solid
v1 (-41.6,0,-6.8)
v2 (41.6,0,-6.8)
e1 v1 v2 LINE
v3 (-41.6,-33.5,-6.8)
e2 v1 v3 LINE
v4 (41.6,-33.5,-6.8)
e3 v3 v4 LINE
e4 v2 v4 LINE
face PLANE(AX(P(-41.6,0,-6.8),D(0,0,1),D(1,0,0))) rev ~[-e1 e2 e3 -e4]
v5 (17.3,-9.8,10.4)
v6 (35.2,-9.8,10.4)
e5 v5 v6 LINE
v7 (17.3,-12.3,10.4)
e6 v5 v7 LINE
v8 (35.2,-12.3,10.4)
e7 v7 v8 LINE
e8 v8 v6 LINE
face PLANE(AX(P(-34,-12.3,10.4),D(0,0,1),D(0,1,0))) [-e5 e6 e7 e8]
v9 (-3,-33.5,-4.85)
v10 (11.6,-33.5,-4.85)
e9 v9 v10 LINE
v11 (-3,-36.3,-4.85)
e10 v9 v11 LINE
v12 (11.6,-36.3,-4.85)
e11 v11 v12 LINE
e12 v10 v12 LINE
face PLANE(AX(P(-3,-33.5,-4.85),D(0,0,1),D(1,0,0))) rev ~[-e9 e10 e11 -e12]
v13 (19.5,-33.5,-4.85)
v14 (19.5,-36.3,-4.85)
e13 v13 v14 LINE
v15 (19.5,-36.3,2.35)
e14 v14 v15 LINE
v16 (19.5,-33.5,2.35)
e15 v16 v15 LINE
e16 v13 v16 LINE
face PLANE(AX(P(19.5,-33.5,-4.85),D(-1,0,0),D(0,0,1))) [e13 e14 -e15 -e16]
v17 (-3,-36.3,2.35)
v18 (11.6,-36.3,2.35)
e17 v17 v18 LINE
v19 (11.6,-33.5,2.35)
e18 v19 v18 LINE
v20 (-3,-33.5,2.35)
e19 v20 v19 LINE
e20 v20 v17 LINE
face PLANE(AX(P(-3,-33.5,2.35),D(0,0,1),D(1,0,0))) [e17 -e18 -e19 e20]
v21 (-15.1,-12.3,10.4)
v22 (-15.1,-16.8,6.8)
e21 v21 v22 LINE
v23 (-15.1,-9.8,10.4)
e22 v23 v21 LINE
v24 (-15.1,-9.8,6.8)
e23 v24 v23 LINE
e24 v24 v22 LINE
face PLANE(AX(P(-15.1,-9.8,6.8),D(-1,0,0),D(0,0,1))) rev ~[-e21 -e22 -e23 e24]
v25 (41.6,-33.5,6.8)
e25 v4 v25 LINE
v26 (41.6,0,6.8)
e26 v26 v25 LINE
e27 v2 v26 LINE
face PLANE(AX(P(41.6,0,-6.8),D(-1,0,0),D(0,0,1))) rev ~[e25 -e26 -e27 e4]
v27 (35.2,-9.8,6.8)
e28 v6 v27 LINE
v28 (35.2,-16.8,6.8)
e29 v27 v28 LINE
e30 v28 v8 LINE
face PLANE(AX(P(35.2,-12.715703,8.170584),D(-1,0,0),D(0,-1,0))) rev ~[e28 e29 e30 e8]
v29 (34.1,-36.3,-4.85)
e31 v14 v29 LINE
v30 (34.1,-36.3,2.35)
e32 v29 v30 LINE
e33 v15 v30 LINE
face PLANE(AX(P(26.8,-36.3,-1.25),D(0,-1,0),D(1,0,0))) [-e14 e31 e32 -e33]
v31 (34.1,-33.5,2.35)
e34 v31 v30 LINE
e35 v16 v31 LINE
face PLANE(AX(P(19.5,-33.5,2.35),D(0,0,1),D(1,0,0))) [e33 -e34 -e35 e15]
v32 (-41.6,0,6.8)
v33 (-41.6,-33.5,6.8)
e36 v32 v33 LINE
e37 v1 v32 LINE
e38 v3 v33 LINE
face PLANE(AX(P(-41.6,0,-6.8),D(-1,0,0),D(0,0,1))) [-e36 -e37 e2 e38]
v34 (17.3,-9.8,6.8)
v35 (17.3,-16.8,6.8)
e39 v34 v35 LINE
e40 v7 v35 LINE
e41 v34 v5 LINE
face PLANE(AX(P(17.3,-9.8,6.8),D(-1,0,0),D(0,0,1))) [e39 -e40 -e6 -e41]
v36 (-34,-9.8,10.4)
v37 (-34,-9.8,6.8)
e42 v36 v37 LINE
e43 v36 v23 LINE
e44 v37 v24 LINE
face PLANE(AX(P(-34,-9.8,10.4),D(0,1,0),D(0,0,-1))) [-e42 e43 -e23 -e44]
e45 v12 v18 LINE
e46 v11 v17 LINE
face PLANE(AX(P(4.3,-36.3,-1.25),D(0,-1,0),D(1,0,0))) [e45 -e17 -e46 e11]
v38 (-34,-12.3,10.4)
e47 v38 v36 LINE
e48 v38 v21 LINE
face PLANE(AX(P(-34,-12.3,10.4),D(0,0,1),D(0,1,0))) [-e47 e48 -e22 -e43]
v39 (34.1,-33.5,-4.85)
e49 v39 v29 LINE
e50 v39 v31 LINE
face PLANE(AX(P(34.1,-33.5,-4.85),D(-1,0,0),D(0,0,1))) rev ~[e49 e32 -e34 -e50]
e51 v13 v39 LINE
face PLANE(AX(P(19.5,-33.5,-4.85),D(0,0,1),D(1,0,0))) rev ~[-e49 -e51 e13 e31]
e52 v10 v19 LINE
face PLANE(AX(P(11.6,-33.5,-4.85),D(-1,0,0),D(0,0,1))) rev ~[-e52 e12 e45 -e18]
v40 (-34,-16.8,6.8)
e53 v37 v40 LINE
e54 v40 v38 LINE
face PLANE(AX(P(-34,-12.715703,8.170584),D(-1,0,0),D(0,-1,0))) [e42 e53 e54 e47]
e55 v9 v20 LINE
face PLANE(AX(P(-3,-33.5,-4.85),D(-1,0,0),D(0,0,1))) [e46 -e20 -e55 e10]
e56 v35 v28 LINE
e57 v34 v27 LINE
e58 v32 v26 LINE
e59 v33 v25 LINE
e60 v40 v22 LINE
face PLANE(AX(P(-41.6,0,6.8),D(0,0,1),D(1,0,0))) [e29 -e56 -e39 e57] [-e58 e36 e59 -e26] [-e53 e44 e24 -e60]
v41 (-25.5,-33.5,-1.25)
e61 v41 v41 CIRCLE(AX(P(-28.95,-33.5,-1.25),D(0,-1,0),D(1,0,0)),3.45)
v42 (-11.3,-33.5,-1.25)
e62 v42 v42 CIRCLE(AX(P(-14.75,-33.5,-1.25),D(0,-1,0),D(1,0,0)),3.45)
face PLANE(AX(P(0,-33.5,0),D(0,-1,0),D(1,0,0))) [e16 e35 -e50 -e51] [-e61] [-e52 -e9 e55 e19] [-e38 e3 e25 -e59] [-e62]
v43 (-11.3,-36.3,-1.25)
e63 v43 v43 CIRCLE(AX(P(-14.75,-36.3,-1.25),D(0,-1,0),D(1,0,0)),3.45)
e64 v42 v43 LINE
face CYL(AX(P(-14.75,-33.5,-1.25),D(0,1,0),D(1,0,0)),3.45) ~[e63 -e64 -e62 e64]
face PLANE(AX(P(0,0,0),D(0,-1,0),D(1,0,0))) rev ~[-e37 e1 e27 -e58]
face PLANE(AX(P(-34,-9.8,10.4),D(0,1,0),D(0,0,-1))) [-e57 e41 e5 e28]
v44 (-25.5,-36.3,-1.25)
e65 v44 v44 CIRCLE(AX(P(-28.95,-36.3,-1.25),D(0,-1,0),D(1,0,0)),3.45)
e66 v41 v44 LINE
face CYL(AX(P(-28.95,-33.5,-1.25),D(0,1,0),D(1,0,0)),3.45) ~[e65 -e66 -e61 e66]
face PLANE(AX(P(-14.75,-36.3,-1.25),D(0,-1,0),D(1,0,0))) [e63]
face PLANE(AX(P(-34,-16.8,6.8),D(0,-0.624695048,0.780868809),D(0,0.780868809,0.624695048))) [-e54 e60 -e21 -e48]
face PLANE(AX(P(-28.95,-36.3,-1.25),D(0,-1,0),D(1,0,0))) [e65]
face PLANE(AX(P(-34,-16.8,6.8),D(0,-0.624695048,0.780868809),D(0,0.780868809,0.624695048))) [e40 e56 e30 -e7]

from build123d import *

# Parameters (mm, degrees)
F0_W     = 83.2
F0_H     = 13.6
F1_DEPTH = 33.5
F4_DEPTH = 69.2
F5_W     = 32.4
F5_H     = 3.6
F6_DEPTH = 8
F7_R     = 3.45
F7_W     = 14.6
F7_H     = 7.2
F8_DEPTH = 2.8


with BuildPart() as f1:
    # F0 (on Front) → F1 (new body)
    with BuildSketch(Plane.XZ):
        Rectangle(F0_W, F0_H)
    extrude(amount=F1_DEPTH)

    # F3 (on offset) → F4 (join)
    with BuildSketch(Plane(origin=(-34, 0, 0), x_dir=(0, -1, 0), z_dir=(-1, 0, 0))):
        Polygon((9.8, 10.4), (9.8, 6.8), (16.8, 6.8), (12.3, 10.4), align=None)
    extrude(amount=-F4_DEPTH)

    # F5 (on face) → F6 (cut, up to face)
    with BuildSketch(Plane(origin=(0, -9.8, 0), x_dir=(-1, 0, 0), z_dir=(0, 1, 0))):
        with Locations((-1.1, 8.6)):
            Rectangle(F5_W, F5_H)
    extrude(amount=-F6_DEPTH, mode=Mode.SUBTRACT)

    # F7 (on face) → F8 (join)
    with BuildSketch(Plane.XZ.offset(33.5)):
        with Locations((-28.95, -1.25)):
            Circle(F7_R)
        with Locations((-14.75, -1.25)):
            Circle(F7_R)
        with Locations((4.3, -1.25)):
            Rectangle(F7_W, F7_H)
        with Locations((26.8, -1.25)):
            Rectangle(F7_W, F7_H)
    extrude(amount=F8_DEPTH)


solid = f1.part
